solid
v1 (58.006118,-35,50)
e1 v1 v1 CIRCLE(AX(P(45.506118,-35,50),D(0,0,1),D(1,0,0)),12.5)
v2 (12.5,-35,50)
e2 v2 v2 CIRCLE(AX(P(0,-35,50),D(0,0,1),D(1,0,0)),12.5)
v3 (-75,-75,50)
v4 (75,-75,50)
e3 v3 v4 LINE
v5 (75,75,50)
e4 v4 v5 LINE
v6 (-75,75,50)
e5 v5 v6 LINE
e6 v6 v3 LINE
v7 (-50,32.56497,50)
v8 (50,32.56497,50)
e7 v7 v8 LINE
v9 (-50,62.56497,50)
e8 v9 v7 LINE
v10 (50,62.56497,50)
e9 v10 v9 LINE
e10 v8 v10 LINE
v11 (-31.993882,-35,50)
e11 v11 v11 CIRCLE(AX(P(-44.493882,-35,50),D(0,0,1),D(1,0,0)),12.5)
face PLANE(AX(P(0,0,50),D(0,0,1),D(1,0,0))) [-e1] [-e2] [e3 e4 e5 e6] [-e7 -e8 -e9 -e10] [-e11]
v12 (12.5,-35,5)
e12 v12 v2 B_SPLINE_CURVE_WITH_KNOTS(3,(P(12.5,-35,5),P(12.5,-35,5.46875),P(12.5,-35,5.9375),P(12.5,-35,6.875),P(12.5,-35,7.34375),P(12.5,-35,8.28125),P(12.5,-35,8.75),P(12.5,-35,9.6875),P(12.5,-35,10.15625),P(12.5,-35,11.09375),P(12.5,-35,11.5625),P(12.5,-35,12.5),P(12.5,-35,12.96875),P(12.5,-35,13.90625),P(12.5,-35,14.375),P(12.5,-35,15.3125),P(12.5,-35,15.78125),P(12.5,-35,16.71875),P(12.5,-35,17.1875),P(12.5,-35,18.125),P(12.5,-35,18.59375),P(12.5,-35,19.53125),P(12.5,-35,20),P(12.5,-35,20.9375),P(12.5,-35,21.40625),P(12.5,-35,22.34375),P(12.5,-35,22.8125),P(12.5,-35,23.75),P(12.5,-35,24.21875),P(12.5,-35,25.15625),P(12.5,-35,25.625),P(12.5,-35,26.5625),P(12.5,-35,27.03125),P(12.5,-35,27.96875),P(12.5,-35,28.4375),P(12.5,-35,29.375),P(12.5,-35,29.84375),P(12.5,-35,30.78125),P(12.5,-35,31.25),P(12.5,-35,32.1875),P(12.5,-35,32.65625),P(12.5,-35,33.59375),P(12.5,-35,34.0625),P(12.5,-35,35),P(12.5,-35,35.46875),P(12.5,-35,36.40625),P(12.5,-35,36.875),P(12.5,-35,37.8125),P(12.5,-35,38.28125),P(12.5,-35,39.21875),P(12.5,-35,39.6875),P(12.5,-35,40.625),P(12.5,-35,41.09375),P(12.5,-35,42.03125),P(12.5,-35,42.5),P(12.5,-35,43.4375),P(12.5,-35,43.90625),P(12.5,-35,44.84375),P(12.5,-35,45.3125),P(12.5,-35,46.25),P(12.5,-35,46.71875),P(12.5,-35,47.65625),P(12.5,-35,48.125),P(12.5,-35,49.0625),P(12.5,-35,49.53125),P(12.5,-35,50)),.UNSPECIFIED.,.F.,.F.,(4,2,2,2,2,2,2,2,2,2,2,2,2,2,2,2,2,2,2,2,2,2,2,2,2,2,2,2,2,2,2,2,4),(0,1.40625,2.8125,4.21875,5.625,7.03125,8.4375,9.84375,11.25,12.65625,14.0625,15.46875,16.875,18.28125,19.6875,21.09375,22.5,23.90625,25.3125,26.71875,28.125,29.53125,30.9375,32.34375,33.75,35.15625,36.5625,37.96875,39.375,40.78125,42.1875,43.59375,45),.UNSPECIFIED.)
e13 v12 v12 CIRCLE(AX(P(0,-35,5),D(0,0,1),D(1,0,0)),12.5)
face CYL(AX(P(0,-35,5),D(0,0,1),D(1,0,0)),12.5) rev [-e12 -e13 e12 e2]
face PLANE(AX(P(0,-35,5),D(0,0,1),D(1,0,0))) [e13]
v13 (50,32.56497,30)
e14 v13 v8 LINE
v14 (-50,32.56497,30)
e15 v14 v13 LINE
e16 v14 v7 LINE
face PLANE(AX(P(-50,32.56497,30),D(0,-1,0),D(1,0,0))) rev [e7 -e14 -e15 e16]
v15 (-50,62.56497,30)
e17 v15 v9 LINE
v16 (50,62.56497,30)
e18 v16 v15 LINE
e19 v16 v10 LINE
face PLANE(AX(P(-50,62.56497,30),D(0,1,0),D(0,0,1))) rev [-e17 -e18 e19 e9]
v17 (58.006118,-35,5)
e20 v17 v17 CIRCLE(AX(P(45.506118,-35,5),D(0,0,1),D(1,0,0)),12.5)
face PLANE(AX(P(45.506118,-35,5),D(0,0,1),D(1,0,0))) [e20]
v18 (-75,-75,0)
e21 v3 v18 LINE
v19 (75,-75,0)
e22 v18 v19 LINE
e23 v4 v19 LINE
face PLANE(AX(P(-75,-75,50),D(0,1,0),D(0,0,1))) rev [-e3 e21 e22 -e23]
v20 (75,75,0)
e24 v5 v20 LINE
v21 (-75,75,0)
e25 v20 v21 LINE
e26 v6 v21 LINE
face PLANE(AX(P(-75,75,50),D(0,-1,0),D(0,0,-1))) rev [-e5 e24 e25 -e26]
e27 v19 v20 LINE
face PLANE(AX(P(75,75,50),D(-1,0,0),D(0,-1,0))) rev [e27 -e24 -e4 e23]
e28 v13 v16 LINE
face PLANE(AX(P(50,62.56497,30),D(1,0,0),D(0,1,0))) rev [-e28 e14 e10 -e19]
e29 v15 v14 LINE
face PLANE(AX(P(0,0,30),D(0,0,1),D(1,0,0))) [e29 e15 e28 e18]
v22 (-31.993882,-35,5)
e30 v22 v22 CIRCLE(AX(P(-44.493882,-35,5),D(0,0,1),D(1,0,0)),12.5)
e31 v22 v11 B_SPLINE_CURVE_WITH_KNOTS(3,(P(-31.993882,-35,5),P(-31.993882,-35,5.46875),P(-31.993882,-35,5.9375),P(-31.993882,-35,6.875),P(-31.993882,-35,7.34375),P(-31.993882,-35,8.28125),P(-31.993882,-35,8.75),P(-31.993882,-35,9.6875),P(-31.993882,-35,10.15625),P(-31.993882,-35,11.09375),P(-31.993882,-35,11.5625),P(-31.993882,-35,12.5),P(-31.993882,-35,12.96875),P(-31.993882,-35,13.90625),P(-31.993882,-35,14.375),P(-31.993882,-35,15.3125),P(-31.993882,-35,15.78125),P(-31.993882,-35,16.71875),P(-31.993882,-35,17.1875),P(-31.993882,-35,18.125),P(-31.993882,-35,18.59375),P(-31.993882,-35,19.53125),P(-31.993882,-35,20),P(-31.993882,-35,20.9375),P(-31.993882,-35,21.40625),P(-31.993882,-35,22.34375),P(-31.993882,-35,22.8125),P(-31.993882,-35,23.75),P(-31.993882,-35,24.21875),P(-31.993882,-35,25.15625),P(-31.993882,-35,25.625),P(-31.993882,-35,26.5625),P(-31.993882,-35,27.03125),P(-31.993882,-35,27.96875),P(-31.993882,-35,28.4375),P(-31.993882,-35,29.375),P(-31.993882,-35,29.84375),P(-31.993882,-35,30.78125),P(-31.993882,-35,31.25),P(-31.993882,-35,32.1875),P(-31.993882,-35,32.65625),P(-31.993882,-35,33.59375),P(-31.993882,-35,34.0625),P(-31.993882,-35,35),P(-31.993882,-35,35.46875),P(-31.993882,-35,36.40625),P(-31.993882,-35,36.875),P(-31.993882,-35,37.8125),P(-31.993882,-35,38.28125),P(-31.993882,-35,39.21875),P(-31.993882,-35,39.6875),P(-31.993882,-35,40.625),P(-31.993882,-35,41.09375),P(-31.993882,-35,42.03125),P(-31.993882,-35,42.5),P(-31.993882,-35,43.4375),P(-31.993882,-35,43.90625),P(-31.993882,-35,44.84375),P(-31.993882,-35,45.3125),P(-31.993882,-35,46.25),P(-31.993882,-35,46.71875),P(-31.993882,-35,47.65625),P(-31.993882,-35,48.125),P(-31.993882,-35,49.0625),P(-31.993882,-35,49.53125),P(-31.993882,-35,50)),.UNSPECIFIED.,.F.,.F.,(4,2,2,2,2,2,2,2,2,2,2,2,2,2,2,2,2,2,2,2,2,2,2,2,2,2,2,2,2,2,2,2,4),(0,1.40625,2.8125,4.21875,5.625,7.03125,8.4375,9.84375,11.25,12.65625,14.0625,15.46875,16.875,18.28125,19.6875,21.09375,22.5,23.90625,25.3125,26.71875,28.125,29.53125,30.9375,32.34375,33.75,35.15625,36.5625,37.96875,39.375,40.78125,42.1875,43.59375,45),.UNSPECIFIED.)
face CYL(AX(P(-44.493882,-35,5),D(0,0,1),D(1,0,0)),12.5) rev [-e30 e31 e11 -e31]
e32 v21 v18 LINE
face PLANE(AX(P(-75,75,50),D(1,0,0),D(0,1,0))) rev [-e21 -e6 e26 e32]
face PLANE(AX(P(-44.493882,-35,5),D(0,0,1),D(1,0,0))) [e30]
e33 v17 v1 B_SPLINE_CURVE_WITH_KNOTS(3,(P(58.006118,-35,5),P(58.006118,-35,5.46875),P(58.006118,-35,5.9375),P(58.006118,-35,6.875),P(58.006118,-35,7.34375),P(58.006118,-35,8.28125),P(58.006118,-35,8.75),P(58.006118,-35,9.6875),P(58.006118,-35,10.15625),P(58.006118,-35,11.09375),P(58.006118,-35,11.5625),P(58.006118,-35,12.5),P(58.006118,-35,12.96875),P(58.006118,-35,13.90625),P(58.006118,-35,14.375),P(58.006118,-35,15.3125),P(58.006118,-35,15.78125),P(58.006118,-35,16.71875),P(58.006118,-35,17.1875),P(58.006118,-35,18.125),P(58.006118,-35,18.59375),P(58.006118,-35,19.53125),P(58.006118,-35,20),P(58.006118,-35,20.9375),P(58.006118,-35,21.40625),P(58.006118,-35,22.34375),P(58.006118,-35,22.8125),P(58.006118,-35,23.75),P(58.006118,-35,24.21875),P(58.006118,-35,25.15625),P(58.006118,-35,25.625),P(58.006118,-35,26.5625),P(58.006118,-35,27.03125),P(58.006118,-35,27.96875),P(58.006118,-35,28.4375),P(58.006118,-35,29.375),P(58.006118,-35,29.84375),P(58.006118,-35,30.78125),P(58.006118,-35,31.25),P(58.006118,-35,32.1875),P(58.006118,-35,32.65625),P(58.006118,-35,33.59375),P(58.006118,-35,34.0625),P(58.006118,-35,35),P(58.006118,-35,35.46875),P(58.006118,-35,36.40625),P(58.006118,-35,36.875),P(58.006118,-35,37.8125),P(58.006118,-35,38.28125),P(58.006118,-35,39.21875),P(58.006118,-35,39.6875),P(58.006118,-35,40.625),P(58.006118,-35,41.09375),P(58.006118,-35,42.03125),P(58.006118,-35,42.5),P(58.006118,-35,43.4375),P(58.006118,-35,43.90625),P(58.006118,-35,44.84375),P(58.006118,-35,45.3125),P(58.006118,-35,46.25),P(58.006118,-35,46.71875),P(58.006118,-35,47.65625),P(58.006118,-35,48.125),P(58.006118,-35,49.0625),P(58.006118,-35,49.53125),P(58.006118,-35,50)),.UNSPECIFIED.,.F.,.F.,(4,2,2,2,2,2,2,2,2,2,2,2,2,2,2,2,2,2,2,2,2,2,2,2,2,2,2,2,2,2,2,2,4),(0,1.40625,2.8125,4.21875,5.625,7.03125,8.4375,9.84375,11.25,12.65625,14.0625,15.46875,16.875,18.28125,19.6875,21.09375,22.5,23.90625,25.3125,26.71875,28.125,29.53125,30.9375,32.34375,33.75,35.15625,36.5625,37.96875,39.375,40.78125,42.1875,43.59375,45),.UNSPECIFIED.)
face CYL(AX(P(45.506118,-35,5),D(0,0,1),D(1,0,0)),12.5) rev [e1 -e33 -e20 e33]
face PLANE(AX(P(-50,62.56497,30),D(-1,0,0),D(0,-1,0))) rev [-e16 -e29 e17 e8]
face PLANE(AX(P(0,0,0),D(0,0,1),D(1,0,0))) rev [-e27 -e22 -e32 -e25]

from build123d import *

# Parameters (mm, degrees)
ESBO_O1_W                = 150
ESBO_O1_H                = 150
RESSALTO_EXTRUS_O1_DEPTH = 50
ESBO_O2_W                = 100
ESBO_O2_H                = 30
CORTE_EXTRUS_O1_DEPTH    = 20
ESBO_O3_R                = 12.5
CORTE_EXTRUS_O2_DEPTH    = 45


with BuildPart() as part:
    # Esboço1 → Ressalto-extrusão1 (new body)
    with BuildSketch(Plane.XY):
        Rectangle(ESBO_O1_W, ESBO_O1_H)
    extrude(amount=RESSALTO_EXTRUS_O1_DEPTH)

    # Esboço2 → Corte-extrusão1 (cut)
    with BuildSketch(Plane.XY.offset(50)):
        with Locations((0, 47.564970211)):
            Rectangle(ESBO_O2_W, ESBO_O2_H)
    extrude(amount=-CORTE_EXTRUS_O1_DEPTH, mode=Mode.SUBTRACT)

    # Esboço3 → Corte-extrusão2 (cut)
    with BuildSketch(Plane.XY.offset(50)):
        with Locations((-44.493882085, -35)):
            Circle(ESBO_O3_R)
        with Locations((0, -35)):
            Circle(ESBO_O3_R)
        with Locations((45.506117915, -35)):
            Circle(ESBO_O3_R)
    extrude(amount=-CORTE_EXTRUS_O2_DEPTH, mode=Mode.SUBTRACT)


solid = part.part
